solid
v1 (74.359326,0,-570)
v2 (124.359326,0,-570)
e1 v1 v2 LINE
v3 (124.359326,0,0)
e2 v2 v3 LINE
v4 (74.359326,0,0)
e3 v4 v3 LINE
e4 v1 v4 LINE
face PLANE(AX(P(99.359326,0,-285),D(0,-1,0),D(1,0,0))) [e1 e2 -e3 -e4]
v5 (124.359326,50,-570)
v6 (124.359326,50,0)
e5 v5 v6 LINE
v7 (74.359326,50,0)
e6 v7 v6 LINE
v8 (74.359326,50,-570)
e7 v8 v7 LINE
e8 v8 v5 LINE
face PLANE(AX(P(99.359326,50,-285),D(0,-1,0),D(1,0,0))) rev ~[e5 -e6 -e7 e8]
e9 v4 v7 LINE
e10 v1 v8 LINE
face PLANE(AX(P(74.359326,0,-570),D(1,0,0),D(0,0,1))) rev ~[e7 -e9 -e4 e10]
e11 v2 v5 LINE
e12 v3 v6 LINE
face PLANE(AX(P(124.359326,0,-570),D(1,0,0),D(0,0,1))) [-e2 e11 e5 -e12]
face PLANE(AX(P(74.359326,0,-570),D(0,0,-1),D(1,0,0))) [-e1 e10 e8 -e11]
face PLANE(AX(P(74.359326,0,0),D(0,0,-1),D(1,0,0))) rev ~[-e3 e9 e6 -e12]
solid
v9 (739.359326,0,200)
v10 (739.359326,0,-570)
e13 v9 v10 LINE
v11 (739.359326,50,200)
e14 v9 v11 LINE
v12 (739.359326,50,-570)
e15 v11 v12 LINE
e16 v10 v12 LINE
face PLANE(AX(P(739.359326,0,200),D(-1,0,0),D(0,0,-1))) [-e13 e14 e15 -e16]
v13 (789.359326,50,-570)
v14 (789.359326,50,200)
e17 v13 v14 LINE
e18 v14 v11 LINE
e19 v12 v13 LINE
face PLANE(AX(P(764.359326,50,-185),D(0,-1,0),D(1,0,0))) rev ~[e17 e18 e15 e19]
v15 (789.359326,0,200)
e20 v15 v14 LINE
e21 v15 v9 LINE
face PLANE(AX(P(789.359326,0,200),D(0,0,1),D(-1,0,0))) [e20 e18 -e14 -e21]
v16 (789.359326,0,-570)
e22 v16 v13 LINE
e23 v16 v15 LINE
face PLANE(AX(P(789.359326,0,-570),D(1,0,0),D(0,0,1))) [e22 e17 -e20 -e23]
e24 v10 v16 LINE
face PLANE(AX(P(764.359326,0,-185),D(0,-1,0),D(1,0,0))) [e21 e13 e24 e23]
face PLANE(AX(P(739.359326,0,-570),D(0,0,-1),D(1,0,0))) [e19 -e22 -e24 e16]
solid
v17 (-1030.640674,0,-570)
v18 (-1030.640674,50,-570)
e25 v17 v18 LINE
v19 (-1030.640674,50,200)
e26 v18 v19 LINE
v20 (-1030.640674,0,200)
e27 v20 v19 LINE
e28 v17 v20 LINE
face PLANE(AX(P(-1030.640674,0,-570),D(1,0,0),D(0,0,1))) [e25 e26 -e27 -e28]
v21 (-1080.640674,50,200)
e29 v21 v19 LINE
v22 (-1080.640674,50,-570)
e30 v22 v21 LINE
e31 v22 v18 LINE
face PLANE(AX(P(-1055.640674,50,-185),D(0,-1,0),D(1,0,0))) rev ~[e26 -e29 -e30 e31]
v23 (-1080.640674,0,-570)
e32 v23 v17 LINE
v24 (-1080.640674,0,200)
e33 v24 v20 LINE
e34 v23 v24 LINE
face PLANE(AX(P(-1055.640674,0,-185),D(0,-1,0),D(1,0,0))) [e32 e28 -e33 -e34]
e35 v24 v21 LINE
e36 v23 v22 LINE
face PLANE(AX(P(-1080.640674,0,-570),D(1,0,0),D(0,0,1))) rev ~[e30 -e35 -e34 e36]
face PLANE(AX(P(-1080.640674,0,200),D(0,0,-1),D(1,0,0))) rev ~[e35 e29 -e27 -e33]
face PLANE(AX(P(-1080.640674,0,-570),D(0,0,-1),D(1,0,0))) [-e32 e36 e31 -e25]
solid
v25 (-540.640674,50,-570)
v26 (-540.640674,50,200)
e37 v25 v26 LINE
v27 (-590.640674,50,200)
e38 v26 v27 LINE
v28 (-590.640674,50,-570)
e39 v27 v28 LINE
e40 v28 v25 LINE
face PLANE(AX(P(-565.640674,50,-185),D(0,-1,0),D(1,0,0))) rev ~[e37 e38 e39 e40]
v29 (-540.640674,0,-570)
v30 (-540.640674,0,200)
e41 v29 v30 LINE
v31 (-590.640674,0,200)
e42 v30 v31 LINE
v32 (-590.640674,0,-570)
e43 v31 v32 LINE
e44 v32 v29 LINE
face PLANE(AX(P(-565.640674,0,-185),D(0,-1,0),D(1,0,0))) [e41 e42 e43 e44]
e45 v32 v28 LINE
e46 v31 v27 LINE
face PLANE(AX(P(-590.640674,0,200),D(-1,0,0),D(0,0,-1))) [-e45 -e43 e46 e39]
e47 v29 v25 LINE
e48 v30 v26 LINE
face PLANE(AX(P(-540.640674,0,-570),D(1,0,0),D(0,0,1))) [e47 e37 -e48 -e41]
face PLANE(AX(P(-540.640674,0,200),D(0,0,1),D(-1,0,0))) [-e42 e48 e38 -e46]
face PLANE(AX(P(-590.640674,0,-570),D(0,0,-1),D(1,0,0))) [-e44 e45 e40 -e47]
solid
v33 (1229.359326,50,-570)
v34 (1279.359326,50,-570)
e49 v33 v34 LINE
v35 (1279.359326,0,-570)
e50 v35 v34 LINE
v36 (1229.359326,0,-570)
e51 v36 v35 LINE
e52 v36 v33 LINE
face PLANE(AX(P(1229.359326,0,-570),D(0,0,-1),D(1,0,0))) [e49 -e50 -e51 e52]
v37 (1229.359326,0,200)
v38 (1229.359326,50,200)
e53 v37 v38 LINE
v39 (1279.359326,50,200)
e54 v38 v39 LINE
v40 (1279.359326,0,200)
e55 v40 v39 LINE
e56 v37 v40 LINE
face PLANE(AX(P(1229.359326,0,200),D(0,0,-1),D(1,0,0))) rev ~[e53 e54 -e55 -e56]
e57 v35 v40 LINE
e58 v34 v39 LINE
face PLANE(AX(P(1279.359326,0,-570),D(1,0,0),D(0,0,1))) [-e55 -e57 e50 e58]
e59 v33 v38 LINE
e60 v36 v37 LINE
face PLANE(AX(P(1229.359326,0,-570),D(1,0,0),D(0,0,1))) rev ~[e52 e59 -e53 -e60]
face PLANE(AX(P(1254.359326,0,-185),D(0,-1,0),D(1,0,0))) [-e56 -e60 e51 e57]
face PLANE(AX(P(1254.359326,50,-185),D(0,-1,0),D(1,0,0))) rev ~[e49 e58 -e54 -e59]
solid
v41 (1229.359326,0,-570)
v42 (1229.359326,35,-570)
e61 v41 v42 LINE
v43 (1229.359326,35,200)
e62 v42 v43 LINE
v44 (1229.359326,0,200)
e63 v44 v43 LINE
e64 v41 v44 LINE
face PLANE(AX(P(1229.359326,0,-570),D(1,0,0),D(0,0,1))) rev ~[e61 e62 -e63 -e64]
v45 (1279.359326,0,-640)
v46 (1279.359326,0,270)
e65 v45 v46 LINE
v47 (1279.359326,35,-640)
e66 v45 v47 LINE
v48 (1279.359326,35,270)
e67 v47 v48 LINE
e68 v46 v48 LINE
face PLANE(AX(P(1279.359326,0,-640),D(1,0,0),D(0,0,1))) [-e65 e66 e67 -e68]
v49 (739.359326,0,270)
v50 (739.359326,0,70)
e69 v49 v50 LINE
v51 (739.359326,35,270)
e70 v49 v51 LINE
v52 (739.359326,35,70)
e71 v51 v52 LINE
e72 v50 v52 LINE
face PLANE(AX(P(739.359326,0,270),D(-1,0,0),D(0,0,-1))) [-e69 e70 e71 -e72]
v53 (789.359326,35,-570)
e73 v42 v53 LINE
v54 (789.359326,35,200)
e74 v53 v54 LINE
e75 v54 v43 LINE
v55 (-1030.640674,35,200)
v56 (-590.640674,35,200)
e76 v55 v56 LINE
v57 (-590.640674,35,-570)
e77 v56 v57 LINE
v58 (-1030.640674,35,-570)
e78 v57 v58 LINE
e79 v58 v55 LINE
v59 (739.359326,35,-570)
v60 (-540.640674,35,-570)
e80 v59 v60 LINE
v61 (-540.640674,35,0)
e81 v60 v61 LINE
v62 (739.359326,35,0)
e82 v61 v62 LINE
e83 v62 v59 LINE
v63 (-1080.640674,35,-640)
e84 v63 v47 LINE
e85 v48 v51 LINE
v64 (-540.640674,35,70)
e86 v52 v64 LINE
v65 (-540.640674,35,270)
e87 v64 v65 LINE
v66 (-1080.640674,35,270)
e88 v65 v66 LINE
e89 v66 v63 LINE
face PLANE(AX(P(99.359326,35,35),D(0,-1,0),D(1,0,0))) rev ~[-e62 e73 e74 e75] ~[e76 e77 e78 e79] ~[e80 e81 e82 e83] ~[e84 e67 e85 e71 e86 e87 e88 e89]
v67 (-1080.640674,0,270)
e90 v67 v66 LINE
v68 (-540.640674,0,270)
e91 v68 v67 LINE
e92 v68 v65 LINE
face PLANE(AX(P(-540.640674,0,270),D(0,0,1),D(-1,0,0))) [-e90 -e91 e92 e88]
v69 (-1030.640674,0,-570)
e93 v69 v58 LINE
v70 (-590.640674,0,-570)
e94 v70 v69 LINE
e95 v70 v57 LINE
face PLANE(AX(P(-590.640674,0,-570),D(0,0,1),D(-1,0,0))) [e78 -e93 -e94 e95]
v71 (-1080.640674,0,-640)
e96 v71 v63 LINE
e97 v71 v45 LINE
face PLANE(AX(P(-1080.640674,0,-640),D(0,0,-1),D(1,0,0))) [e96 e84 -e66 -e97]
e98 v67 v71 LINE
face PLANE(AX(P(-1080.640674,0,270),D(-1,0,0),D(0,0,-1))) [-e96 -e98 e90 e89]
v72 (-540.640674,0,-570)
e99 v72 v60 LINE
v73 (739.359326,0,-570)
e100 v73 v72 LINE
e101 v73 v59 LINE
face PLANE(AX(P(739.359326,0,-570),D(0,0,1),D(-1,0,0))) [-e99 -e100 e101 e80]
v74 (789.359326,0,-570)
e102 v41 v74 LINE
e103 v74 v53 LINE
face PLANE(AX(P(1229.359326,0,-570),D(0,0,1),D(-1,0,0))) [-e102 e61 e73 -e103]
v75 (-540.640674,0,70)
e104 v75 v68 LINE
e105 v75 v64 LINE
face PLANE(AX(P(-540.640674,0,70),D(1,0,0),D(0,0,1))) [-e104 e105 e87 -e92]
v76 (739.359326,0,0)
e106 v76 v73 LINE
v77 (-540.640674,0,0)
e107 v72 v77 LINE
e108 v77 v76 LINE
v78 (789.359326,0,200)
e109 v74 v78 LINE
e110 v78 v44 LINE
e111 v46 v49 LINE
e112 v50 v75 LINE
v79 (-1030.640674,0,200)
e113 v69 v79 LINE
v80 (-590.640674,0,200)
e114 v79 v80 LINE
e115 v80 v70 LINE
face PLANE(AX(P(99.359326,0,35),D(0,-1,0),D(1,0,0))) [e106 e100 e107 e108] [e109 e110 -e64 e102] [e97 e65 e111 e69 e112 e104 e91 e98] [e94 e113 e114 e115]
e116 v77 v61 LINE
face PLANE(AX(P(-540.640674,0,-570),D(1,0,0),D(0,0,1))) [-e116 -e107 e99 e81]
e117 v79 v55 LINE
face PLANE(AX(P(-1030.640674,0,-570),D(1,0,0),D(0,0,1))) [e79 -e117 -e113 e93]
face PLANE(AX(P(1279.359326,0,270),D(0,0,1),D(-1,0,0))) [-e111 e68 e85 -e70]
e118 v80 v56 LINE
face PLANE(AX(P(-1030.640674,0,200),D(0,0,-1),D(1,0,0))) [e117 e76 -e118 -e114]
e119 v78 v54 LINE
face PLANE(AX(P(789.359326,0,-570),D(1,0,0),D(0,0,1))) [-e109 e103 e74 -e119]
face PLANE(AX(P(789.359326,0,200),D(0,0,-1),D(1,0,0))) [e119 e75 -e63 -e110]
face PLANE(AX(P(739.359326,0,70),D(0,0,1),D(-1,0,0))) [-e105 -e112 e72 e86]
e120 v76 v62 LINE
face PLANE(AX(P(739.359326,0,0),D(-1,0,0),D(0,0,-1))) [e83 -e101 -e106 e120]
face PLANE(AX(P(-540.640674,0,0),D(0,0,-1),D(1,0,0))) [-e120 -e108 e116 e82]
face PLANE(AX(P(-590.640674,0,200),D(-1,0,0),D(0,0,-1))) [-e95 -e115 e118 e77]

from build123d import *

# Parameters (mm, degrees)
F0_W     = 50
F0_H     = 570
F0_H_2   = 770
F1_DEPTH = 50
F2_DEPTH = 35


with BuildPart() as f1:
    # F0 (on Front) → F1 (new body)
    with BuildSketch(Plane.XZ):
        with Locations((99.359326, -285)):
            Rectangle(F0_W, F0_H)
        Polygon((739.359326, 200), (739.359326, 70), (739.359326, 0), (739.359326, -570), (789.359326, -570), (789.359326, 200), align=None)
        with Locations((1254.359326, -185)):
            Rectangle(F0_W, F0_H_2)
        Polygon((-540.640674, 0), (-540.640674, 70), (-540.640674, 200), (-590.640674, 200), (-590.640674, -570), (-540.640674, -570), align=None)
        with Locations((-1055.640674, -185)):
            Rectangle(F0_W, F0_H_2)
    extrude(amount=-F1_DEPTH)


with BuildPart() as f2:
    # F0 (on Front) → F2 (new body)
    with BuildSketch(Plane.XZ):
        Polygon((739.359326, 70), (-540.640674, 70), (-540.640674, 0), (74.359326, 0), (124.359326, 0), (739.359326, 0), align=None)
        Polygon((-540.640674, 0), (-540.640674, 70), (-540.640674, 200), (-590.640674, 200), (-590.640674, -570), (-540.640674, -570), align=None)
        Polygon((739.359326, 200), (739.359326, 70), (739.359326, 0), (739.359326, -570), (789.359326, -570), (789.359326, 200), align=None)
        Polygon((-590.640674, 200), (-540.640674, 200), (-540.640674, 270), (-1080.640674, 270), (-1080.640674, 200), (-1030.640674, 200), align=None)
        Polygon((739.359326, 270), (739.359326, 200), (789.359326, 200), (1229.359326, 200), (1279.359326, 200), (1279.359326, 270), align=None)
        Polygon((74.359326, -570), (-540.640674, -570), (-590.640674, -570), (-1030.640674, -570), (-1080.640674, -570), (-1080.640674, -640), (1279.359326, -640), (1279.359326, -570), (1229.359326, -570), (789.359326, -570), (739.359326, -570), (124.359326, -570), align=None)
        with Locations((-1055.640674, -185)):
            Rectangle(F0_W, F0_H_2)
        with Locations((1254.359326, -185)):
            Rectangle(F0_W, F0_H_2)
    extrude(amount=-F2_DEPTH)


solid = Compound([f1.part, f2.part])
